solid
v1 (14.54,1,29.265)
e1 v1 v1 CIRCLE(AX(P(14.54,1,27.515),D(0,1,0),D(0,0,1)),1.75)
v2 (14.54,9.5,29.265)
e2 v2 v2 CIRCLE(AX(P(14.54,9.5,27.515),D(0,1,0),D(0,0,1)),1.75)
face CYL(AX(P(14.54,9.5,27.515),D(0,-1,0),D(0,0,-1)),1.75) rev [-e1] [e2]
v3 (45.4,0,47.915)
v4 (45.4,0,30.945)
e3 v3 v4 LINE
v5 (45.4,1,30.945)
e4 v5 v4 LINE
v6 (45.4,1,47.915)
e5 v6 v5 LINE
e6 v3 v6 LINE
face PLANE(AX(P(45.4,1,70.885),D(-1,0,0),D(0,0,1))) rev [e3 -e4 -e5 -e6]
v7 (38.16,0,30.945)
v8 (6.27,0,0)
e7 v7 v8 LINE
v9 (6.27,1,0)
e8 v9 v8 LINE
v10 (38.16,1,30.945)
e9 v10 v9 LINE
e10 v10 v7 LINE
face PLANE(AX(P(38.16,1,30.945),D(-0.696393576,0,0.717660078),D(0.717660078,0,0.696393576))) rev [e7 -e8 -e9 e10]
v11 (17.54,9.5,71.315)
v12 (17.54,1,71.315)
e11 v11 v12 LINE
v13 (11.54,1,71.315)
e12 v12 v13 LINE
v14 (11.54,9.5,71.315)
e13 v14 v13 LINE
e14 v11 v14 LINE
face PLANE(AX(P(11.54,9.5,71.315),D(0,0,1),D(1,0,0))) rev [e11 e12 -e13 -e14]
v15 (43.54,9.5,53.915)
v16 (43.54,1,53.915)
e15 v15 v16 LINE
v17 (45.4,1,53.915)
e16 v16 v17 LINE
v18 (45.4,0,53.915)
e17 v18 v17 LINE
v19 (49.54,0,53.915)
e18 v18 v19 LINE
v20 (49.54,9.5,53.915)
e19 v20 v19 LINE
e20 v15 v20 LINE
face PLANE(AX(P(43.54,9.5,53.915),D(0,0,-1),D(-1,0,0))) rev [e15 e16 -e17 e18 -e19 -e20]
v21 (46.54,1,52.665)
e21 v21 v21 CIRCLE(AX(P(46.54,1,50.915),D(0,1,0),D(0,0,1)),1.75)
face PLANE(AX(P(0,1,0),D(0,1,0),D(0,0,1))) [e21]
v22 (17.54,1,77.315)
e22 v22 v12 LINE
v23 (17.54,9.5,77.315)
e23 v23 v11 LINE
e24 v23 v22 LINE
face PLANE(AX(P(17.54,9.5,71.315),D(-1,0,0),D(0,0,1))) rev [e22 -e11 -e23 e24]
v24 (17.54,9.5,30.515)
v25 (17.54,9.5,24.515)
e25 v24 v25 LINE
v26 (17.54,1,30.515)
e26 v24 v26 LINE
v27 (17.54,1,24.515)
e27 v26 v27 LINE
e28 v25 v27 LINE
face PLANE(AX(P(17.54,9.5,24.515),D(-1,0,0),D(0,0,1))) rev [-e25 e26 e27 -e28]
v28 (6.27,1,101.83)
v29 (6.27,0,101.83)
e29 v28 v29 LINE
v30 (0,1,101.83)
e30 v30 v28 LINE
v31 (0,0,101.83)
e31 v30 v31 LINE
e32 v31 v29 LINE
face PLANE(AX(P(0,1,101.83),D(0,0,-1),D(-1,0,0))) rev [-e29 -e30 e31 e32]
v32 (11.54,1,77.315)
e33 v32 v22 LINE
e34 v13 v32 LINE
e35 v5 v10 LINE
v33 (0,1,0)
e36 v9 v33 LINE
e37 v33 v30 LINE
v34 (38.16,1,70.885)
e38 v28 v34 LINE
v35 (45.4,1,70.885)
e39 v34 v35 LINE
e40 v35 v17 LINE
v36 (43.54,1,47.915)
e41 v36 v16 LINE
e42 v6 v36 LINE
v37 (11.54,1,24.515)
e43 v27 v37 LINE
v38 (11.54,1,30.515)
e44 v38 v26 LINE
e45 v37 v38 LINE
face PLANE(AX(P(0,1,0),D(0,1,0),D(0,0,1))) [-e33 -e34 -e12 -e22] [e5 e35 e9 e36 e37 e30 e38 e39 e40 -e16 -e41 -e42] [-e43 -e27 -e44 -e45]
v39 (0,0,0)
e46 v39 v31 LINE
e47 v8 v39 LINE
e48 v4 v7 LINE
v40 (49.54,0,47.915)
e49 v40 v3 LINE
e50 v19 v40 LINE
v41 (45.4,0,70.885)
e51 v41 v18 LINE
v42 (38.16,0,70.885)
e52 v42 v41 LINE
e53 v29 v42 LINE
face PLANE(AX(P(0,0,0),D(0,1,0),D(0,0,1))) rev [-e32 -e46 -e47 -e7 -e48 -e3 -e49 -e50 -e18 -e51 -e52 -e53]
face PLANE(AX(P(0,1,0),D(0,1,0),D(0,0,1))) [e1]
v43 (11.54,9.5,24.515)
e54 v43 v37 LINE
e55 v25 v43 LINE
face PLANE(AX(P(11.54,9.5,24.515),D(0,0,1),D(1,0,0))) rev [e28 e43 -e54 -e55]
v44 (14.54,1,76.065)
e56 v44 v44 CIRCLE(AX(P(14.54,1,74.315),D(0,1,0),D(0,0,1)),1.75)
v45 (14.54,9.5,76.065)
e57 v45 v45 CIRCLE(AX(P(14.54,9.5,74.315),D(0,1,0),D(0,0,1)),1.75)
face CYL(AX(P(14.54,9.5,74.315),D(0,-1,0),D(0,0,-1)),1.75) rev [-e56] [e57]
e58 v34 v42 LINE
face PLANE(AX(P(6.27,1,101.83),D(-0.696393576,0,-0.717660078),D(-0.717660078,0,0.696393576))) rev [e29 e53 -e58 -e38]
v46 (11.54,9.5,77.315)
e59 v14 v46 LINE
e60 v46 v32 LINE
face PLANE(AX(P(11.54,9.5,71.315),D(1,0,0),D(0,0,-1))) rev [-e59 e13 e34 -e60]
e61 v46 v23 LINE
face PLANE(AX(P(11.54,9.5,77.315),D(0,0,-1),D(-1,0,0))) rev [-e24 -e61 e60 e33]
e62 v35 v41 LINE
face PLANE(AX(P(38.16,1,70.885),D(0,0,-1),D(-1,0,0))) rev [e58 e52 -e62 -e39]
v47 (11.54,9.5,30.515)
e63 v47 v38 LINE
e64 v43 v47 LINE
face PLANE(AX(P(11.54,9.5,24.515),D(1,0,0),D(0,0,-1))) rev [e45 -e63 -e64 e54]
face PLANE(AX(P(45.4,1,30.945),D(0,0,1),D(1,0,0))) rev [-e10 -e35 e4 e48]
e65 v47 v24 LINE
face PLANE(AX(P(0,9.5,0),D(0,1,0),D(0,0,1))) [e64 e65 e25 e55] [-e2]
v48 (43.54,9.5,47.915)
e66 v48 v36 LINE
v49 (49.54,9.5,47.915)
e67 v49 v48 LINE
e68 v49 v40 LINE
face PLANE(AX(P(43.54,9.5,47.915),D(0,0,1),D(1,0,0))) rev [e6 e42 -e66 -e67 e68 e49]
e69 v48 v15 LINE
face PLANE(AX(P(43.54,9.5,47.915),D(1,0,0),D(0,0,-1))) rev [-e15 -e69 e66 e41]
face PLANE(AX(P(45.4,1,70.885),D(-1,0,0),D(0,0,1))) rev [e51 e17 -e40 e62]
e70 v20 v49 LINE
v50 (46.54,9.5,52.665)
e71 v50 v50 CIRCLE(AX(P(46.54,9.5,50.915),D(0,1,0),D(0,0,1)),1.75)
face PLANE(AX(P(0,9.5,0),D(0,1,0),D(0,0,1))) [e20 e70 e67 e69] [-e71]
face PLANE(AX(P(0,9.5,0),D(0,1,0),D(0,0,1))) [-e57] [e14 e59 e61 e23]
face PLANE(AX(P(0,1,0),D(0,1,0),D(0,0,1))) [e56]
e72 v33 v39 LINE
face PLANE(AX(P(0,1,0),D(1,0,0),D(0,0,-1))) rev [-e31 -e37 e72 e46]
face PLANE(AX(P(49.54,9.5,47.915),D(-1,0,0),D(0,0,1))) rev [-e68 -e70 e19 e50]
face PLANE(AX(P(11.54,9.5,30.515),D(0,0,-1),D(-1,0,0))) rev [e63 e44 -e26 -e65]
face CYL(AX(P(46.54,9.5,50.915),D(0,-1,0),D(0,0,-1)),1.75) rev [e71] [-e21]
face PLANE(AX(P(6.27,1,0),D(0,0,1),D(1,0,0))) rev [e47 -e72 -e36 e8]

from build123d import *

# Parameters (mm, degrees)
SALIENTE_EXTRUIR1_DEPTH = 1
CROQUIS2_W              = 6
CROQUIS2_H              = 6
CROQUIS2_R              = 1.75
SALIENTE_EXTRUIR2_DEPTH = 8.5
CROQUIS3_W              = 4.14
CROQUIS3_H              = 6
SALIENTE_EXTRUIR3_DEPTH = 1


with BuildPart() as part:
    # Croquis1 → Saliente-Extruir1 (new body)
    with BuildSketch(Plane(origin=(0, 0, 0), x_dir=(1, 0, 0), z_dir=(0, 1, 0))):
        Polygon((0, 0), (0, -101.83), (6.27, -101.83), (38.16, -70.885), (45.4, -70.885), (45.4, -30.945), (38.16, -30.945), (6.27, 0), align=None)
    extrude(amount=SALIENTE_EXTRUIR1_DEPTH)

    # Croquis2 → Saliente-Extruir2 (add)
    # profile 1 of 3: a face of its own
    with BuildSketch(Plane(origin=(0, 1, 0), x_dir=(1, 0, 0), z_dir=(0, 1, 0))):
        with Locations((14.54, -27.515)):
            Rectangle(CROQUIS2_W, CROQUIS2_H)
        with Locations(Location((14.54, -27.515, 0), (0, 0, 270))):
            Circle(CROQUIS2_R, mode=Mode.SUBTRACT)
    # profile 2 of 3: a face of its own
    with BuildSketch(Plane(origin=(0, 1, 0), x_dir=(1, 0, 0), z_dir=(0, 1, 0))):
        with Locations((14.54, -74.315)):
            Rectangle(CROQUIS2_W, CROQUIS2_H)
        with Locations(Location((14.54, -74.315, 0), (0, 0, 270))):
            Circle(CROQUIS2_R, mode=Mode.SUBTRACT)
    # profile 3 of 3: a face of its own
    with BuildSketch(Plane(origin=(0, 1, 0), x_dir=(1, 0, 0), z_dir=(0, 1, 0))):
        with Locations((46.54, -50.915)):
            Rectangle(CROQUIS2_W, CROQUIS2_H)
        with Locations(Location((46.54, -50.915, 0), (0, 0, 130.649396827))):
            Circle(CROQUIS2_R, mode=Mode.SUBTRACT)
    extrude(amount=SALIENTE_EXTRUIR2_DEPTH)

    # Croquis3 → Saliente-Extruir3 (add)
    with BuildSketch(Plane.XZ.offset(-1)):
        with Locations((47.47, 50.915)):
            Rectangle(CROQUIS3_W, CROQUIS3_H)
    extrude(amount=SALIENTE_EXTRUIR3_DEPTH)


solid = part.part
